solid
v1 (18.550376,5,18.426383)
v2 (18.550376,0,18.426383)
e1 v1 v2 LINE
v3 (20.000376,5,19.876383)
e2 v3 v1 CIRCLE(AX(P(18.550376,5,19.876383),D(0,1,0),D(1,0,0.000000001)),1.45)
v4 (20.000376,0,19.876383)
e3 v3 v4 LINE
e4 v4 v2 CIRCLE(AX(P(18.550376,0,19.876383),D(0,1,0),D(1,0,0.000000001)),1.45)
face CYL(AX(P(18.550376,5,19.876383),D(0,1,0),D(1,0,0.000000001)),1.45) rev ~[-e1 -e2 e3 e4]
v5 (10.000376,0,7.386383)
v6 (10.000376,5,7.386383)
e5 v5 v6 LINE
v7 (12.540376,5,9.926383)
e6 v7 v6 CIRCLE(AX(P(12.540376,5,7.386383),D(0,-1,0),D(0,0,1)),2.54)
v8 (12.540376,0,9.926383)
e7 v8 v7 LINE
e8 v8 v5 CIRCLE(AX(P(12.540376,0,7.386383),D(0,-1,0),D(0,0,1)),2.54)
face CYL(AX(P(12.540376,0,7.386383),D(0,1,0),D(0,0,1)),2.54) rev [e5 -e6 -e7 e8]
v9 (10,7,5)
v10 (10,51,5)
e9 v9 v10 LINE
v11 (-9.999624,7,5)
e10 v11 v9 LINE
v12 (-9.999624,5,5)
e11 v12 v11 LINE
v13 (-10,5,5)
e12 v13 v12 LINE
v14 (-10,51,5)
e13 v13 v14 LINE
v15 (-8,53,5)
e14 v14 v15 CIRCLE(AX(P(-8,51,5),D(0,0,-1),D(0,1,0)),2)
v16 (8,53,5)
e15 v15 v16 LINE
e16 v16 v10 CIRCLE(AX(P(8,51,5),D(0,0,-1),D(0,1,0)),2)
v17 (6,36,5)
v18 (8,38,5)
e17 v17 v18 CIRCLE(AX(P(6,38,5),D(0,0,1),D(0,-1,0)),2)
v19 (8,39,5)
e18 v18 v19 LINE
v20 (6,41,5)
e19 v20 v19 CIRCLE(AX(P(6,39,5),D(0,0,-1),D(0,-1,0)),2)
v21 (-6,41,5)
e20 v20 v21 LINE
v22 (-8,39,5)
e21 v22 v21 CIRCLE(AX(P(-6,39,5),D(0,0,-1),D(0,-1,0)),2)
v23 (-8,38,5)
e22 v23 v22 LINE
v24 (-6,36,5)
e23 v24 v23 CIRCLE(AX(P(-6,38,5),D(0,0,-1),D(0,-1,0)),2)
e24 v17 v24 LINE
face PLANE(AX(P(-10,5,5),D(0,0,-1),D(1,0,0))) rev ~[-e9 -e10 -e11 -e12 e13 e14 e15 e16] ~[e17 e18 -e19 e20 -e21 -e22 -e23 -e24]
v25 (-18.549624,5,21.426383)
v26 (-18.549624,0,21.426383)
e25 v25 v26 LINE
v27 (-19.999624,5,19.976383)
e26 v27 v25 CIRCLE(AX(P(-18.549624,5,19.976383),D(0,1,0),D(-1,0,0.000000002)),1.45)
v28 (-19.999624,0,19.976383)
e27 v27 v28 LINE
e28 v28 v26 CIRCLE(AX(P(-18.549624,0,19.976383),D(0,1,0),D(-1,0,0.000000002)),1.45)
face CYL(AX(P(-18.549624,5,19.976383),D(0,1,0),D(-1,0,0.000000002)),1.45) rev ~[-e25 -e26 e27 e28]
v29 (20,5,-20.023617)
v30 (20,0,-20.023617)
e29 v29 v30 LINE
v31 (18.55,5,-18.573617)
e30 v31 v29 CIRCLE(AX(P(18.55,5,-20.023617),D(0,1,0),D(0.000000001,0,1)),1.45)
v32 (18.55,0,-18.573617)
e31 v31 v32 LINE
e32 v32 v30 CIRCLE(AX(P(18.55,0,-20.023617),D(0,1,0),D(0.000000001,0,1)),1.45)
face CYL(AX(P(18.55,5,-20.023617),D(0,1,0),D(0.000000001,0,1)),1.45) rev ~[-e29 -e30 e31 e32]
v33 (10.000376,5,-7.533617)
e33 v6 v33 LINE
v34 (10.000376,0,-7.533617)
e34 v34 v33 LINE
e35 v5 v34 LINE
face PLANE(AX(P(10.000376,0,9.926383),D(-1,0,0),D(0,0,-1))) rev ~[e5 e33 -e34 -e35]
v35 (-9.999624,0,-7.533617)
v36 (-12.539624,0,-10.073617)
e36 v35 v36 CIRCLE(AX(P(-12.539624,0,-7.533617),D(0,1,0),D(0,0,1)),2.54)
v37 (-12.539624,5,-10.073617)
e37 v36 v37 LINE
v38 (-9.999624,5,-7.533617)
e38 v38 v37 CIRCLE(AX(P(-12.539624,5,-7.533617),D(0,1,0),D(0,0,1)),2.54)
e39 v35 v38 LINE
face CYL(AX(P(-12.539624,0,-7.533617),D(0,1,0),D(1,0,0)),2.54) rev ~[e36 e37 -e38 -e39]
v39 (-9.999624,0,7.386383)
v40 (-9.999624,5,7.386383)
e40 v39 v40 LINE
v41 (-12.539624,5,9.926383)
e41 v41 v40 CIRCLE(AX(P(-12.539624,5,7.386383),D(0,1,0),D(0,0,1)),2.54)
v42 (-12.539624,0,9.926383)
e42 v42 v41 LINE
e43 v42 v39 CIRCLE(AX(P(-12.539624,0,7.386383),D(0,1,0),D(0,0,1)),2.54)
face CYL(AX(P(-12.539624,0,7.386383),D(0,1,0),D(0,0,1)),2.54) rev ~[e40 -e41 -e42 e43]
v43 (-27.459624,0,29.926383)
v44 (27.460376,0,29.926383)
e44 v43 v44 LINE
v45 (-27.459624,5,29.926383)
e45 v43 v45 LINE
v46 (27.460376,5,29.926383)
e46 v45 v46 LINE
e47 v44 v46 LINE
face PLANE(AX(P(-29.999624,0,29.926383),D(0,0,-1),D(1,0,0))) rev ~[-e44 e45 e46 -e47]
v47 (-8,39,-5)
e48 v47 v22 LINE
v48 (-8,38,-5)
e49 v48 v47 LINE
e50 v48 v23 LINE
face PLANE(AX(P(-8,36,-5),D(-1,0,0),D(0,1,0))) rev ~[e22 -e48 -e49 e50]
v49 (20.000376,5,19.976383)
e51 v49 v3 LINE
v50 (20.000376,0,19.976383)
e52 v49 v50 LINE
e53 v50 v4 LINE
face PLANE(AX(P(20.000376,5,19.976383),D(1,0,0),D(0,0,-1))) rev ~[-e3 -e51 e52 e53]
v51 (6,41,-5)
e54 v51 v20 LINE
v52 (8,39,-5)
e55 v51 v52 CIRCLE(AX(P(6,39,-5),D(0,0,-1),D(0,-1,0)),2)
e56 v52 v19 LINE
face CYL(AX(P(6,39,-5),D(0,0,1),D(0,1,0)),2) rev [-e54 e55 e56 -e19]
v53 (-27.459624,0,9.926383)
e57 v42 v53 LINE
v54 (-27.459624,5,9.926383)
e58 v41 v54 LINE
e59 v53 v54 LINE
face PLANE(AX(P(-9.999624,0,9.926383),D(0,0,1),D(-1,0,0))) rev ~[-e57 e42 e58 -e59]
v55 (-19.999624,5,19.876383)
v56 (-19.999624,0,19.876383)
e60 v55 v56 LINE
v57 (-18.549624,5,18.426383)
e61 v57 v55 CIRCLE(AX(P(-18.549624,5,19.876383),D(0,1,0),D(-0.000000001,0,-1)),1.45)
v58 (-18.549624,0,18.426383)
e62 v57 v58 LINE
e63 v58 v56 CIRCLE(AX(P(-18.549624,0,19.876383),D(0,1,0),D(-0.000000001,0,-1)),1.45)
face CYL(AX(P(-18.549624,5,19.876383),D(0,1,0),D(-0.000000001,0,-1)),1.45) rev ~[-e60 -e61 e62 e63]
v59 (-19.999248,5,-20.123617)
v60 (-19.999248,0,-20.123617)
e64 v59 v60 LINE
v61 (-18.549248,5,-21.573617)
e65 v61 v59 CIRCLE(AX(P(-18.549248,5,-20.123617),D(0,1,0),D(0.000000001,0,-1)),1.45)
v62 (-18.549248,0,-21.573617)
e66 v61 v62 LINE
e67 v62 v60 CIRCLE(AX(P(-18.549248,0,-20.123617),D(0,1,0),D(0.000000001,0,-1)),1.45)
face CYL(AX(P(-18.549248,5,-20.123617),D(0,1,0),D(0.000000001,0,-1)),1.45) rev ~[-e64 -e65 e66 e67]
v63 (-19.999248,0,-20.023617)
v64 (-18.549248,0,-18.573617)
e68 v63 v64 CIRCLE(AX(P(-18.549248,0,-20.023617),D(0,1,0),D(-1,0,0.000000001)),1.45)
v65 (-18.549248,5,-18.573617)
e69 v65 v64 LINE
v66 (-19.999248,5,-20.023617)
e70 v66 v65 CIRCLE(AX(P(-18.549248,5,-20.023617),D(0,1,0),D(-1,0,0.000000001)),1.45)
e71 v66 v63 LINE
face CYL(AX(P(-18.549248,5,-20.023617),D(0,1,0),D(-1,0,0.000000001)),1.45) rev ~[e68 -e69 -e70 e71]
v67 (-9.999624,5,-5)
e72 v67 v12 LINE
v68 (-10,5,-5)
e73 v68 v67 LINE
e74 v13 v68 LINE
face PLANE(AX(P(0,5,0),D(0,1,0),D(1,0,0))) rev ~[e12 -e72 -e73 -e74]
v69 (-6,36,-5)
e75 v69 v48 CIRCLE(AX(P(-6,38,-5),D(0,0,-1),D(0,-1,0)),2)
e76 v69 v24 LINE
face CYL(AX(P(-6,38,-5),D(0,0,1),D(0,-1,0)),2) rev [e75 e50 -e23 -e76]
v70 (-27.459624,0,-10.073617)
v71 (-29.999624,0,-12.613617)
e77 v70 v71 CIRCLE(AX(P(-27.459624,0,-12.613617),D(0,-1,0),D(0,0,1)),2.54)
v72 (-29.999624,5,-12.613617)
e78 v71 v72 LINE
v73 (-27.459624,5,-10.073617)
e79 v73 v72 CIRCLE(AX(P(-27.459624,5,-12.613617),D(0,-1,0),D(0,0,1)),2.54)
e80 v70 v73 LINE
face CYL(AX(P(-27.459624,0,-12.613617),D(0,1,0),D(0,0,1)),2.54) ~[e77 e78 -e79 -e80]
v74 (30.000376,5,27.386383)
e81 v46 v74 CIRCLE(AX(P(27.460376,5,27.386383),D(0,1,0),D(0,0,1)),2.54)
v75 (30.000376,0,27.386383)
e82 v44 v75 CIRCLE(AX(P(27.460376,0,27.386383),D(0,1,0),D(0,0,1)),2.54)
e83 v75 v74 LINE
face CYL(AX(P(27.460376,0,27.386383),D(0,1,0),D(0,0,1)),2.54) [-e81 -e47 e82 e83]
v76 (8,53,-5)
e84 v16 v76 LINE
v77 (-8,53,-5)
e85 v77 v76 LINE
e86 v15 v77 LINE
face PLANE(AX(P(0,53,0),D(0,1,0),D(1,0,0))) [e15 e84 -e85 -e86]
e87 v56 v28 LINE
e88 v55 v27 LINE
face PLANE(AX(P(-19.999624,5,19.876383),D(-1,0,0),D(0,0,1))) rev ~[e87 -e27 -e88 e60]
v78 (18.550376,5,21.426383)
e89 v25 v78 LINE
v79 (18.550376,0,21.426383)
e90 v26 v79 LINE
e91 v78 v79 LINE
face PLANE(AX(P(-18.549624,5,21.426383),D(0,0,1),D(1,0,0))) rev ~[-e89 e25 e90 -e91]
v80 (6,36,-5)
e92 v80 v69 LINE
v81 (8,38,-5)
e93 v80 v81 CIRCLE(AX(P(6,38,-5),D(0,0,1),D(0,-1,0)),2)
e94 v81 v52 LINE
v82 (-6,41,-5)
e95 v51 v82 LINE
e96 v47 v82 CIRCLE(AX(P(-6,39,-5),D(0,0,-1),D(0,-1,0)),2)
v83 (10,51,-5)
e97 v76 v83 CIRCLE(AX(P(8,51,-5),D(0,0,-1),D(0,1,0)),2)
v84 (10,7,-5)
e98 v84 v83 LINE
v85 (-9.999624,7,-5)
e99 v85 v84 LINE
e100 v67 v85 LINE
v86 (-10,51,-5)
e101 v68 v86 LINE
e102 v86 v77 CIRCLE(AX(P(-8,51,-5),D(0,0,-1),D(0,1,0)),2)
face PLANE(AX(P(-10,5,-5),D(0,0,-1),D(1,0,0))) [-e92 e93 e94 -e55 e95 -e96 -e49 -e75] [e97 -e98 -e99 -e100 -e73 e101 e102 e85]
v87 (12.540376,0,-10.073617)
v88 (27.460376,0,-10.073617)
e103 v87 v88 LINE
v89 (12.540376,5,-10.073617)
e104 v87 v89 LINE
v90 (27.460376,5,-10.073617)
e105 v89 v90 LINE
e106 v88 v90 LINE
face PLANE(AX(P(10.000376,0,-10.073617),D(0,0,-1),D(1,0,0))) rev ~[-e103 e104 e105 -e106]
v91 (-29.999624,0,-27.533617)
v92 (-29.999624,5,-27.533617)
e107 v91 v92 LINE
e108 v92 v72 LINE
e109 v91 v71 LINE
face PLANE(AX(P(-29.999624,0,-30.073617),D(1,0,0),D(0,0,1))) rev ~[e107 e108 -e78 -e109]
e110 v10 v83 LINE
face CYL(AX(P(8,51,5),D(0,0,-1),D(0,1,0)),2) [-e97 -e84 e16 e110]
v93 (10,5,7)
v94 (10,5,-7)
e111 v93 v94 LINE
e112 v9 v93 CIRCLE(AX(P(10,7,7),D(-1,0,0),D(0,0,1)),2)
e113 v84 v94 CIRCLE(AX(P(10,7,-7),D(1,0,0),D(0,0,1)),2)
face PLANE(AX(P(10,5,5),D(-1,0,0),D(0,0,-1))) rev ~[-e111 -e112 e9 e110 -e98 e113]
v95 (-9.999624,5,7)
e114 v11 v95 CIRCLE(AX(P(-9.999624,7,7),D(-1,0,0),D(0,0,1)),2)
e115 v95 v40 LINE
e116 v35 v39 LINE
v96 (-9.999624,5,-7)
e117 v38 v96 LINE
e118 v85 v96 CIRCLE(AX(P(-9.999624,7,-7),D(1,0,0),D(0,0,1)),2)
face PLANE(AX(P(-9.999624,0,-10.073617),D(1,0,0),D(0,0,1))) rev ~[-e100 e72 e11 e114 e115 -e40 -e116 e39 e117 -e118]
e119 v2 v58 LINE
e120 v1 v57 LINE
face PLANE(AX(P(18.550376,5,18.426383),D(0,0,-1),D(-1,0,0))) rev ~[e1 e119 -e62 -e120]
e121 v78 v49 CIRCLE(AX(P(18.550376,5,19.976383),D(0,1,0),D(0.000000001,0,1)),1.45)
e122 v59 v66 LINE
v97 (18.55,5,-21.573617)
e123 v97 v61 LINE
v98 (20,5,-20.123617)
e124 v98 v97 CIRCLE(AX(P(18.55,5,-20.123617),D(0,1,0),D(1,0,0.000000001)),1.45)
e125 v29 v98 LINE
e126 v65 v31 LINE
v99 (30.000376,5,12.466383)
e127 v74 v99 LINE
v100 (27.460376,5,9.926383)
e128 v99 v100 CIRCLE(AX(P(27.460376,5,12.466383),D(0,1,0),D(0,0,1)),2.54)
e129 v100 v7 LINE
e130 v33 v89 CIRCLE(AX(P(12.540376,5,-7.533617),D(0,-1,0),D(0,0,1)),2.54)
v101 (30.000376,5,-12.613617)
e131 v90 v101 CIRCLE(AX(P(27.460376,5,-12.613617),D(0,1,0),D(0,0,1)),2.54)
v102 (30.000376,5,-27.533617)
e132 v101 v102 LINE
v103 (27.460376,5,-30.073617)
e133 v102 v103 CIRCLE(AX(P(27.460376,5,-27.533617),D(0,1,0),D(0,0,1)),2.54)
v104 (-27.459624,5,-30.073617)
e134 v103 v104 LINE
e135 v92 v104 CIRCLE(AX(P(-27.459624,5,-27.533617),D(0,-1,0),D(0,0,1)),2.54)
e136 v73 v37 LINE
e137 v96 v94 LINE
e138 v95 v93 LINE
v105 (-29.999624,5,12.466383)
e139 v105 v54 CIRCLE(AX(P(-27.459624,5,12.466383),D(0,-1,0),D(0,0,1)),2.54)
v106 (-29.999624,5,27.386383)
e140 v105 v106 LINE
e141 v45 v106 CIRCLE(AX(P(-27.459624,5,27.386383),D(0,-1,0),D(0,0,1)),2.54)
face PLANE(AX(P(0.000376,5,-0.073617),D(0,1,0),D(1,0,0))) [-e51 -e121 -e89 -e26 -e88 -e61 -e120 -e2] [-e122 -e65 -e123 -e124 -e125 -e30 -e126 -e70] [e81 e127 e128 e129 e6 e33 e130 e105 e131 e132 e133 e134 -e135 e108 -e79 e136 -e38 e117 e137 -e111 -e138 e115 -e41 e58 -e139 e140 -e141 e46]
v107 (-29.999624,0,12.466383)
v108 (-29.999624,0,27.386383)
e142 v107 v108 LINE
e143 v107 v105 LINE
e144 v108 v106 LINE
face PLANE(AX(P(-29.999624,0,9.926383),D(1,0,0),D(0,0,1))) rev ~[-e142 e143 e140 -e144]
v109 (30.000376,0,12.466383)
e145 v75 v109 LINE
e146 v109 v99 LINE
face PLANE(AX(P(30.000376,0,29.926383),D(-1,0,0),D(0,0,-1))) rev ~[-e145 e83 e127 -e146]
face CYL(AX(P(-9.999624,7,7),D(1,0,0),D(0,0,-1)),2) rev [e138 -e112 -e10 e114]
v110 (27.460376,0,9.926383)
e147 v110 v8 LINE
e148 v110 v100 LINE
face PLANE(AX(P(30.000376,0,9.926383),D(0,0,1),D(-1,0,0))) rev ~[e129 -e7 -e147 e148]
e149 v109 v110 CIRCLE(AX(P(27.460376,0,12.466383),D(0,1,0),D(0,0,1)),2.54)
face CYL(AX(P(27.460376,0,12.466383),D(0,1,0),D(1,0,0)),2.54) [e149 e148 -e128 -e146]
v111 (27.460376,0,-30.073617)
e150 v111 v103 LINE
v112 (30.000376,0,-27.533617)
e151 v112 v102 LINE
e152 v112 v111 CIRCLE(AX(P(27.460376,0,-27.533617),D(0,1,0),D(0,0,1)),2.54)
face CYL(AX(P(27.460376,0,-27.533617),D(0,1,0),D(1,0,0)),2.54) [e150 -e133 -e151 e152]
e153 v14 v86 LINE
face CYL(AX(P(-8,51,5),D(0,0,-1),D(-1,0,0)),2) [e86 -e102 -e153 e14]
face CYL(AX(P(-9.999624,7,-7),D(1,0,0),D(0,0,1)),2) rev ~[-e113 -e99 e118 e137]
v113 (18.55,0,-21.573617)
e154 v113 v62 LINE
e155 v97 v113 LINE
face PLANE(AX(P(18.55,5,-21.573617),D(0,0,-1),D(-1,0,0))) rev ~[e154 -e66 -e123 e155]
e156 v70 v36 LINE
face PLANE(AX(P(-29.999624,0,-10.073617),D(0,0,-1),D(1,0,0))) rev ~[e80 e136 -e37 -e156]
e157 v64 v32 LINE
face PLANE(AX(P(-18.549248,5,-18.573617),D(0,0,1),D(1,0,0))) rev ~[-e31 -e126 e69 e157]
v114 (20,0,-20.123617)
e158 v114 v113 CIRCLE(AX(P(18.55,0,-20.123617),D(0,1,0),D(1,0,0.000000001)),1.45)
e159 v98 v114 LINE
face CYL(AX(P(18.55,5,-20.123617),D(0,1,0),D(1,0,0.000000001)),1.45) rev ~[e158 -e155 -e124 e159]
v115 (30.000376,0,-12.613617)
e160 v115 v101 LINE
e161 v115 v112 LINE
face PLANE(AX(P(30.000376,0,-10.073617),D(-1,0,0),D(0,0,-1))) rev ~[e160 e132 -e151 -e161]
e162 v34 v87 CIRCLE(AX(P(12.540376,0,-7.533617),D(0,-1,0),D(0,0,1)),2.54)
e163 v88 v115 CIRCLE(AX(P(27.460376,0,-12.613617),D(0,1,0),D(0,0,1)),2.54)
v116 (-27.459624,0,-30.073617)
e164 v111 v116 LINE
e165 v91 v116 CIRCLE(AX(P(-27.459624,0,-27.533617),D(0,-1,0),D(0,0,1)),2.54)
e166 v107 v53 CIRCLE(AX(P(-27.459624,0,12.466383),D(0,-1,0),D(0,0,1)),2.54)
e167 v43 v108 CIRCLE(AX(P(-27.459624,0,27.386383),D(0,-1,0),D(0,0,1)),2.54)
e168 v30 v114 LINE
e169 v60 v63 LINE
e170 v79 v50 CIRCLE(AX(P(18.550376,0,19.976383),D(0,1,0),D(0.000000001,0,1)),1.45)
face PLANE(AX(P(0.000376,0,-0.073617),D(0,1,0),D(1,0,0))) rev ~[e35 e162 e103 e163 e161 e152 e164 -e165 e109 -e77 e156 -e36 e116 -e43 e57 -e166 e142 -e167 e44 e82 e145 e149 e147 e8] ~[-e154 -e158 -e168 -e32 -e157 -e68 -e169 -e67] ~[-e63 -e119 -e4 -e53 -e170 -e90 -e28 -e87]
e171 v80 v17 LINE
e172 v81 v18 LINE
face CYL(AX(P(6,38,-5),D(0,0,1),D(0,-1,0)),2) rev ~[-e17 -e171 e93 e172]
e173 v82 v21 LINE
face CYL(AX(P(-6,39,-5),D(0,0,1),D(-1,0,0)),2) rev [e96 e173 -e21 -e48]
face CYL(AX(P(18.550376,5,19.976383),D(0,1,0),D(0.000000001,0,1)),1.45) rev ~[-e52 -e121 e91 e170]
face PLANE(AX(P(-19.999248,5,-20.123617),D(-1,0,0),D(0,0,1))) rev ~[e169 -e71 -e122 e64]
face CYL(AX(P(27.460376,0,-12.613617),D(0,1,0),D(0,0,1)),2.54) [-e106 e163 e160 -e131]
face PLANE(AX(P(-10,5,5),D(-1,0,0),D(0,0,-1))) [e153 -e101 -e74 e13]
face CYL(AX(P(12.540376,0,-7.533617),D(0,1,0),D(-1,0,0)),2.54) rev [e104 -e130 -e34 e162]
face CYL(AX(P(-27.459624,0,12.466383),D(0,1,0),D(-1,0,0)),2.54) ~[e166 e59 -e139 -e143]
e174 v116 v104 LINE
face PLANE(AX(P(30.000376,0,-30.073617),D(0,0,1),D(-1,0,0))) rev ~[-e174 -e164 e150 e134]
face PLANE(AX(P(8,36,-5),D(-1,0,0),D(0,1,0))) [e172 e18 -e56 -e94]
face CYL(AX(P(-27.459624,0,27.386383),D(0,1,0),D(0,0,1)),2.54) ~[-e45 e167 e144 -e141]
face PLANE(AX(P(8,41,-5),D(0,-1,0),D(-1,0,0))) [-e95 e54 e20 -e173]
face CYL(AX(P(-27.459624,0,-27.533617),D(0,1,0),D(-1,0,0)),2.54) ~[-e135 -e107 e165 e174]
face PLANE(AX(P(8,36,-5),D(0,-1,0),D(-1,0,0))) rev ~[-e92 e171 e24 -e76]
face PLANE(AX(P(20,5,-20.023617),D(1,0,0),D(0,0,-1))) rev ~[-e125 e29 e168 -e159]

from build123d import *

# Parameters (mm, degrees)
BOSS_EXTRUDE1_DEPTH = 5
CUT_EXTRUDE1_DEPTH  = 43.772012023
FILLET1_R           = 2.54
SKETCH3_W           = 20
SKETCH3_H           = 10
BOSS_EXTRUDE2_DEPTH = 48
SKETCH4_W           = 16
SKETCH4_H           = 5
CUT_EXTRUDE4_DEPTH  = 32
FILLET2_R           = 2


with BuildPart() as part:
    # Sketch1 → Boss-Extrude1 (new body)
    with BuildSketch(Plane(origin=(0, 0, 0), x_dir=(1, 0, 0), z_dir=(0, 1, 0))):
        Polygon((-29.999623956, -29.926382831), (30.000376044, -29.926382831), (30.000376044, -9.926382831), (10.000376044, -9.926382831), (10.000376044, 10.073617169), (30.000376044, 10.073617169), (30.000376044, 30.073617169), (-29.999623956, 30.073617169), (-29.999623956, 10.073617169), (-9.999623956, 10.073617169), (-9.999623956, -9.926382831), (-29.999623956, -9.926382831), align=None)
    extrude(amount=BOSS_EXTRUDE1_DEPTH)

    # Sketch2 → Cut-Extrude1 (cut, through all)
    with BuildSketch(Plane(origin=(0, 5, 0), x_dir=(1, 0, 0), z_dir=(0, 1, 0))):
        with BuildLine():
            Line((-18.549247911, 18.573617169), (18.55, 18.573617169))
            ThreePointArc((18.55, 18.573617169), (19.575304833, 18.998312337), (20, 20.023617169))
            Line((20, 20.023617169), (20, 20.123617169))
            ThreePointArc((20, 20.123617169), (19.575304833, 21.148922002), (18.55, 21.573617169))
            Line((18.55, 21.573617169), (-18.549247911, 21.573617169))
            ThreePointArc((-18.549247911, 21.573617169), (-19.574552744, 21.148922002), (-19.999247911, 20.123617169))
            Line((-19.999247911, 20.123617169), (-19.999247911, 20.023617169))
            ThreePointArc((-19.999247911, 20.023617169), (-19.574552744, 18.998312337), (-18.549247911, 18.573617169))
        make_face()
        with BuildLine():
            Line((-18.549623956, -21.426382831), (18.550376044, -21.426382831))
            ThreePointArc((18.550376044, -21.426382831), (19.575680877, -21.001687663), (20.000376044, -19.976382831))
            Line((20.000376044, -19.976382831), (20.000376044, -19.876382831))
            ThreePointArc((20.000376044, -19.876382831), (19.575680877, -18.851077998), (18.550376044, -18.426382831))
            Line((18.550376044, -18.426382831), (-18.549623956, -18.426382831))
            ThreePointArc((-18.549623956, -18.426382831), (-19.574928788, -18.851077998), (-19.999623956, -19.876382831))
            Line((-19.999623956, -19.876382831), (-19.999623956, -19.976382831))
            ThreePointArc((-19.999623956, -19.976382831), (-19.574928788, -21.001687663), (-18.549623956, -21.426382831))
        make_face()
    extrude(amount=-CUT_EXTRUDE1_DEPTH, mode=Mode.SUBTRACT)

    # Fillet1
    fillet1_edges = [part.edges().sort_by_distance(p)[0] for p in [
        (-29.999623956, 2.5, -10.073617169),
        (-29.999623956, 2.5, -30.073617169),
        (30.000376044, 2.5, -30.073617169),
        (30.000376044, 2.5, -10.073617169),
        (10.000376044, 2.5, -10.073617169),
        (10.000376044, 2.5, 9.926382831),
        (30.000376044, 2.5, 9.926382831),
        (30.000376044, 2.5, 29.926382831),
        (-29.999623956, 2.5, 29.926382831),
        (-29.999623956, 2.5, 9.926382831),
        (-9.999623956, 2.5, 9.926382831),
        (-9.999623956, 2.5, -10.073617169),
    ]]
    fillet(fillet1_edges, radius=FILLET1_R)

    # Sketch3 → Boss-Extrude2 (add)
    with BuildSketch(Plane(origin=(0, 5, 0), x_dir=(1, 0, 0), z_dir=(0, 1, 0))):
        Rectangle(SKETCH3_W, SKETCH3_H)
    extrude(amount=BOSS_EXTRUDE2_DEPTH)

    # Sketch4 → Cut-Extrude4 (cut)
    with BuildSketch(Plane(origin=(0, 0, -5), x_dir=(-1, 0, 0), z_dir=(0, 0, -1))):
        with Locations((0, 38.5)):
            Rectangle(SKETCH4_W, SKETCH4_H)
    extrude(amount=-CUT_EXTRUDE4_DEPTH, mode=Mode.SUBTRACT)

    # Fillet2
    fillet2_edges = [part.edges().sort_by_distance(p)[0] for p in [
        (0.000188022, 5, 5),
        (0.000188022, 5, -5),
        (10, 53, 0),
        (-10, 53, 0),
        (-8, 41, 0),
        (-8, 36, 0),
        (8, 36, 0),
        (8, 41, 0),
    ]]
    fillet(fillet2_edges, radius=FILLET2_R)


solid = part.part
